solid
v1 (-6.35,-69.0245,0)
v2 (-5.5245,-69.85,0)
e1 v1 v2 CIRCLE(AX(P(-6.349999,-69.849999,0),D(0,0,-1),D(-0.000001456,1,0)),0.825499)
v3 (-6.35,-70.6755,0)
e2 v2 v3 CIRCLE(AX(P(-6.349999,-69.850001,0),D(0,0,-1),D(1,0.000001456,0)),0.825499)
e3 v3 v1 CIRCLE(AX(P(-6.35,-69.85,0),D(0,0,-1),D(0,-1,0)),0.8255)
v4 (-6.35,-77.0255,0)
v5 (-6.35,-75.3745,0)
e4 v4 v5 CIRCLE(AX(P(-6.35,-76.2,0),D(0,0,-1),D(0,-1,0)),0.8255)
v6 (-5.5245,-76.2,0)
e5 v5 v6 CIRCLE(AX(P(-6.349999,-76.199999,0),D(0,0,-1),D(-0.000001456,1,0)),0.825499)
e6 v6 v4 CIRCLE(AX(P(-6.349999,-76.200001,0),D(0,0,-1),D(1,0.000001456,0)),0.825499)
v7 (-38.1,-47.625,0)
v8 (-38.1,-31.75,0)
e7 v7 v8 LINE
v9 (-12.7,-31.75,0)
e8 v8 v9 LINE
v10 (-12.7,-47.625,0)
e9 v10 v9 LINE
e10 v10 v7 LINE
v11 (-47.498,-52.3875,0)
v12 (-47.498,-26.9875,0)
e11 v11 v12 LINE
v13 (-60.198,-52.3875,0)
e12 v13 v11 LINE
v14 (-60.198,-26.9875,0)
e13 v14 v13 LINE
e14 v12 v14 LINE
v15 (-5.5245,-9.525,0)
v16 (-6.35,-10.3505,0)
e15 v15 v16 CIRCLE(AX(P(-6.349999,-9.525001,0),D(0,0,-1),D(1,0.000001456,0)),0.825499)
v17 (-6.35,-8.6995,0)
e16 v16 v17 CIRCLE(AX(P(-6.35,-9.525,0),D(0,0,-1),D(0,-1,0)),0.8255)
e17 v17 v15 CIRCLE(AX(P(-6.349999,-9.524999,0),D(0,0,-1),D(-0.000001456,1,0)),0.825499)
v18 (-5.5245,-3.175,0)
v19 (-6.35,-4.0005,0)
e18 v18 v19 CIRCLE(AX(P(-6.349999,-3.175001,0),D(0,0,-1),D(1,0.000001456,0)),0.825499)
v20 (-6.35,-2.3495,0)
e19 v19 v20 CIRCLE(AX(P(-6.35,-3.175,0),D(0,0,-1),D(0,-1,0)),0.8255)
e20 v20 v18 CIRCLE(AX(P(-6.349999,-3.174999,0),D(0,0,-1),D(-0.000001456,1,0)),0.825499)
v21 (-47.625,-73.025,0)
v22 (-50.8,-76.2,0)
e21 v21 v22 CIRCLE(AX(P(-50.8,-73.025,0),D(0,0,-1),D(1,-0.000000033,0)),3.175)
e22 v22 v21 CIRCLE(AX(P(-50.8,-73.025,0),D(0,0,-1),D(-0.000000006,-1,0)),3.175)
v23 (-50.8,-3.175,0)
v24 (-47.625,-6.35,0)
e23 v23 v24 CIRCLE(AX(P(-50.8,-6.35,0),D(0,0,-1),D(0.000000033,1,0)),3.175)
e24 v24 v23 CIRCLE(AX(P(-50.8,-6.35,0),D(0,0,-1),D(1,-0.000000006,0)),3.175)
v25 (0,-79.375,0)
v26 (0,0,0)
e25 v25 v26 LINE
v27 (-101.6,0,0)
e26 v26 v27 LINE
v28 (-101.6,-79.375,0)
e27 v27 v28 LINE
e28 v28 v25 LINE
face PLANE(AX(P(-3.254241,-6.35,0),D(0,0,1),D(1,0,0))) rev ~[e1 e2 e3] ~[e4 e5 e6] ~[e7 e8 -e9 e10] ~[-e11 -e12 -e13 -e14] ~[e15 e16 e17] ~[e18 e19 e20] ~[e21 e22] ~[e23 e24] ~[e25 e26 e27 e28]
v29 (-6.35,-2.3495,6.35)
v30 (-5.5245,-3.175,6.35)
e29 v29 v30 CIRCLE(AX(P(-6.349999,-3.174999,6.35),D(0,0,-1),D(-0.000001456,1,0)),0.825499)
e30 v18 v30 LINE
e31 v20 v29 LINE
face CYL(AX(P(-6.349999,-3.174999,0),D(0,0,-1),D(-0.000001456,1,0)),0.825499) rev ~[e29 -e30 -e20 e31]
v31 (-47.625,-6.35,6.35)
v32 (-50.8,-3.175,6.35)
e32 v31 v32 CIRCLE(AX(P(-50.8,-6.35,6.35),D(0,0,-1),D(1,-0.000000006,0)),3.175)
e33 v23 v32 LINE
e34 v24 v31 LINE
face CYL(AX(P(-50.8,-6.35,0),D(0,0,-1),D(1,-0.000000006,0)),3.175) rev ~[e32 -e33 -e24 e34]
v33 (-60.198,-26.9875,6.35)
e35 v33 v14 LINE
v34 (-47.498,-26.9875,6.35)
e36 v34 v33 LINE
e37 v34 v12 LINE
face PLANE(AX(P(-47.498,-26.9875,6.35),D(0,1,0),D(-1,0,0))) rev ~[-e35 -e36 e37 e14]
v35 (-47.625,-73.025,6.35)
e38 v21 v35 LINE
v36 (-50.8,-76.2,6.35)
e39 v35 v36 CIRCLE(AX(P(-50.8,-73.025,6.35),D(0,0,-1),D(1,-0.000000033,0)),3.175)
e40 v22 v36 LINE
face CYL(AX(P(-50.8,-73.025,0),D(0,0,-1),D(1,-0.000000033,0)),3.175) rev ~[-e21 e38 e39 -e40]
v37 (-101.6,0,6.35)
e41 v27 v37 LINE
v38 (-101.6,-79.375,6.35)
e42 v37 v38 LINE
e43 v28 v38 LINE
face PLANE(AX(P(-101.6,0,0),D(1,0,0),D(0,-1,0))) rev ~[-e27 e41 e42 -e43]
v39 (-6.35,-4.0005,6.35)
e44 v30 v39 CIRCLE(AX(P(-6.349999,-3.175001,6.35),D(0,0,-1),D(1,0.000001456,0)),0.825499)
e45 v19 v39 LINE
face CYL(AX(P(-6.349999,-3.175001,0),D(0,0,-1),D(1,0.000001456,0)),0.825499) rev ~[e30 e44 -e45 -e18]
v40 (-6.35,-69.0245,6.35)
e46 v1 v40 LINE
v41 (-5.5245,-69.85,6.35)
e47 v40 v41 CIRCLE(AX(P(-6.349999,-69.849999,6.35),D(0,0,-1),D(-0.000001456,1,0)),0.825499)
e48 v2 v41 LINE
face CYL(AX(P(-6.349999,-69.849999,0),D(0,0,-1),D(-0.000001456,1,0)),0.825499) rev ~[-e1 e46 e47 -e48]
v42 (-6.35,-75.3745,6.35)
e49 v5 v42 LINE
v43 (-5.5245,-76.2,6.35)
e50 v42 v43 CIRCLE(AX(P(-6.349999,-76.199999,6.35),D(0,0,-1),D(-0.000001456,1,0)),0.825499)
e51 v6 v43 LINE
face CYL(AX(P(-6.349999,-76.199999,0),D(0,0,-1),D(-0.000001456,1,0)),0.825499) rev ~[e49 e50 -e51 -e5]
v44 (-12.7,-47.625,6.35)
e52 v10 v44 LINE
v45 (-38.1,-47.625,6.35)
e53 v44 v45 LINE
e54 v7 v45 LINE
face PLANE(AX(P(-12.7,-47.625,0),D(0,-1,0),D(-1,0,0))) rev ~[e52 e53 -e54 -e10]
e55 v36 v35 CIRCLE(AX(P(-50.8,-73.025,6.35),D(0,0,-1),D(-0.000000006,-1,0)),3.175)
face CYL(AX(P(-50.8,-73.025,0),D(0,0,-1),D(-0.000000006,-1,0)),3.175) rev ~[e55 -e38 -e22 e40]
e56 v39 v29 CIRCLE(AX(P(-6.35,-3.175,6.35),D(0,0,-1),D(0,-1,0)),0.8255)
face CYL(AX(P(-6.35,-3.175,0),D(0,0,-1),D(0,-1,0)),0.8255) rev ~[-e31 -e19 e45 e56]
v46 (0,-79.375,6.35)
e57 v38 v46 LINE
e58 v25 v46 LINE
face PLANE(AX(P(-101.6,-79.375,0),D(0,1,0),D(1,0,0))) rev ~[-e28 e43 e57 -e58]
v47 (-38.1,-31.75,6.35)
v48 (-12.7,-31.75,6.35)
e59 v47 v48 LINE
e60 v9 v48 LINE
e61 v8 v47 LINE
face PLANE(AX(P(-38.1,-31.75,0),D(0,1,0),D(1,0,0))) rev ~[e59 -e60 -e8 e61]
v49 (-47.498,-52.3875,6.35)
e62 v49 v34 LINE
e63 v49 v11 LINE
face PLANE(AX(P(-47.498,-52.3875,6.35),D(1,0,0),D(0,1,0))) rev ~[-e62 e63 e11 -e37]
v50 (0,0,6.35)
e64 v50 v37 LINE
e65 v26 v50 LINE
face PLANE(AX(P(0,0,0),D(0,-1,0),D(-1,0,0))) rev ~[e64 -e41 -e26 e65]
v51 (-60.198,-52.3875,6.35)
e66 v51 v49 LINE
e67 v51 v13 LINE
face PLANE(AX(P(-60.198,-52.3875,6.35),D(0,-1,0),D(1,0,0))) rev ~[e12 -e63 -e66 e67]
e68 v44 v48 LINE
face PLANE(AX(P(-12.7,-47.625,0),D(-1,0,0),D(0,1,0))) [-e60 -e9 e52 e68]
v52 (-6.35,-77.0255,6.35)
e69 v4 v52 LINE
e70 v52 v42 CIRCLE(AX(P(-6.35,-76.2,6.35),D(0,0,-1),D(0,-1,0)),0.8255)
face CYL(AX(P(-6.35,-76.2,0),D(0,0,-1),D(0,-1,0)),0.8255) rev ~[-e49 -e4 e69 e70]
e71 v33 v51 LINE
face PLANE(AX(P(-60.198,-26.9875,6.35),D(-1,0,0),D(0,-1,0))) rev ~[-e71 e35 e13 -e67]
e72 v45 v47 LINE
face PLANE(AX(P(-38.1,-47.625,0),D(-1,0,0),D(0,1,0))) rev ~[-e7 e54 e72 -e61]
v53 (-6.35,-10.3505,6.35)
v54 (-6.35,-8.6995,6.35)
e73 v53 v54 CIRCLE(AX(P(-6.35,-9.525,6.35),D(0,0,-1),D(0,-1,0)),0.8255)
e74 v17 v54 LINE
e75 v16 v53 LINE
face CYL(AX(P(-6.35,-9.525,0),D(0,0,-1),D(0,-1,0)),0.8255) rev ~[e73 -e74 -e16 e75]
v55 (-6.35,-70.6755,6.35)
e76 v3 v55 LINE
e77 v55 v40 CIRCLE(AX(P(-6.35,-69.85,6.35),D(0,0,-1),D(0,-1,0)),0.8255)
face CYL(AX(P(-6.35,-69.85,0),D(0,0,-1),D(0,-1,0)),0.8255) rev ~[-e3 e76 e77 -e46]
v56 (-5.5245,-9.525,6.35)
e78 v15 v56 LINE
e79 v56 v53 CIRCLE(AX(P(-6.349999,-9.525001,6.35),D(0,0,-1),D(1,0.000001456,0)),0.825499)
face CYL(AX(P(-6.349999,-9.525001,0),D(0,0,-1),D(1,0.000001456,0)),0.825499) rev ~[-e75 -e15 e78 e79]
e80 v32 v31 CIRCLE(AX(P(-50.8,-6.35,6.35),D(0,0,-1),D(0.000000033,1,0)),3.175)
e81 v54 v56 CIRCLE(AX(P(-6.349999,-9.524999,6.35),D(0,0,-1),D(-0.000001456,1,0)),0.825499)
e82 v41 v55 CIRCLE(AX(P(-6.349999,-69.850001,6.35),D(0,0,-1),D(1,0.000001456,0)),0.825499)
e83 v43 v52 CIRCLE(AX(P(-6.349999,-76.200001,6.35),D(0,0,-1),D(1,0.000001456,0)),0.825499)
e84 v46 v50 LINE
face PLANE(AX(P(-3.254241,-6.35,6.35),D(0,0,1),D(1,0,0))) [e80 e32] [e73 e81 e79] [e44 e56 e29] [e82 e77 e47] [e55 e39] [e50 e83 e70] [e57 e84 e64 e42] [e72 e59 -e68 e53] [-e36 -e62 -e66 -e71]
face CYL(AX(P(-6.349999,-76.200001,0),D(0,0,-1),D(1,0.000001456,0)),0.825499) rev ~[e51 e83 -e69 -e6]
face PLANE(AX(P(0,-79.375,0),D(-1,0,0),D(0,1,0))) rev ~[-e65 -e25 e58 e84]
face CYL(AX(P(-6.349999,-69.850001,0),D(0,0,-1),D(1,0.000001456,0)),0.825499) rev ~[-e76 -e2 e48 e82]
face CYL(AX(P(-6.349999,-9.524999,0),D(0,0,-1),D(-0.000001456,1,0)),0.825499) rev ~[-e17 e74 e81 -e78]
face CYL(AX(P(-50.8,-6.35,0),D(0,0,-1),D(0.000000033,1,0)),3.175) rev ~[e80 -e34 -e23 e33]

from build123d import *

# Parameters (mm, degrees)
F0_W     = 12.7
F0_H     = 15.875
F1_DEPTH = 6.35
F2_R     = 0.8255
F2_W     = 6.35
F2_H     = 12.7
F3_DEPTH = 25.4


with BuildPart() as f1:
    # F0 (on Top) → F1 (new body)
    with BuildSketch(Plane.XY):
        with BuildLine():
            Line((0, -12.7), (0, 0))
            Line((0, 0), (-6.35, 0))
            Line((-6.35, 0), (-6.35, -2.3495))
            ThreePointArc((-6.35, -2.3495), (-5.766283, -2.591283), (-5.5245, -3.175))
            ThreePointArc((-5.5245, -3.175), (-5.766283, -3.758717), (-6.35, -4.0005))
            Line((-6.35, -4.0005), (-6.35, -8.6995))
            ThreePointArc((-6.35, -8.6995), (-5.766283, -8.941283), (-5.5245, -9.525))
            ThreePointArc((-5.5245, -9.525), (-5.766283, -10.108717), (-6.35, -10.3505))
            Line((-6.35, -10.3505), (-6.35, -12.7))
            Line((-6.35, -12.7), (0, -12.7))
        make_face()
        with BuildLine():
            Line((-6.35, -2.3495), (-6.35, 0))
            Line((-6.35, 0), (-12.7, 0))
            Line((-12.7, 0), (-12.7, -12.7))
            Line((-12.7, -12.7), (-6.35, -12.7))
            Line((-6.35, -12.7), (-6.35, -10.3505))
            ThreePointArc((-6.35, -10.3505), (-7.1755, -9.525), (-6.35, -8.6995))
            Line((-6.35, -8.6995), (-6.35, -4.0005))
            ThreePointArc((-6.35, -4.0005), (-7.1755, -3.175), (-6.35, -2.3495))
        make_face()
        with BuildLine():
            ThreePointArc((-47.625, -6.35), (-48.554936, -4.104936), (-50.8, -3.175))
            ThreePointArc((-50.8, -3.175), (-53.045064, -8.595064), (-47.625, -6.35))
        make_face()
        with BuildLine():
            ThreePointArc((-47.625, -73.025), (-53.045064, -70.779936), (-50.8, -76.2))
            ThreePointArc((-50.8, -76.2), (-48.554936, -75.270064), (-47.625, -73.025))
        make_face()
        Polygon((0, -31.75), (0, -12.7), (-6.35, -12.7), (-12.7, -12.7), (-12.7, 0), (-50.8, 0), (-101.6, 0), (-101.6, -79.375), (-50.8, -79.375), (-12.7, -79.375), (-12.7, -66.675), (-6.35, -66.675), (0, -66.675), (0, -47.625), (-12.7, -47.625), (-38.1, -47.625), (-38.1, -31.75), (-12.7, -31.75), align=None)
        with BuildLine():
            ThreePointArc((-47.625, -73.025), (-48.554936, -75.270064), (-50.8, -76.2))
            ThreePointArc((-50.8, -76.2), (-53.045064, -70.779936), (-47.625, -73.025))
        make_face(mode=Mode.SUBTRACT)
        with BuildLine():
            ThreePointArc((-47.625, -6.35), (-53.045064, -8.595064), (-50.8, -3.175))
            ThreePointArc((-50.8, -3.175), (-48.554936, -4.104936), (-47.625, -6.35))
        make_face(mode=Mode.SUBTRACT)
        with Locations((-6.35, -39.6875)):
            Rectangle(F0_W, F0_H)
        with BuildLine():
            Line((0, -79.375), (0, -66.675))
            Line((0, -66.675), (-6.35, -66.675))
            Line((-6.35, -66.675), (-6.35, -69.0245))
            ThreePointArc((-6.35, -69.0245), (-5.766283, -69.266283), (-5.5245, -69.85))
            ThreePointArc((-5.5245, -69.85), (-5.766283, -70.433717), (-6.35, -70.6755))
            Line((-6.35, -70.6755), (-6.35, -75.3745))
            ThreePointArc((-6.35, -75.3745), (-5.766283, -75.616283), (-5.5245, -76.2))
            ThreePointArc((-5.5245, -76.2), (-5.766283, -76.783717), (-6.35, -77.0255))
            Line((-6.35, -77.0255), (-6.35, -79.375))
            Line((-6.35, -79.375), (0, -79.375))
        make_face()
        with BuildLine():
            Line((-6.35, -69.0245), (-6.35, -66.675))
            Line((-6.35, -66.675), (-12.7, -66.675))
            Line((-12.7, -66.675), (-12.7, -79.375))
            Line((-12.7, -79.375), (-6.35, -79.375))
            Line((-6.35, -79.375), (-6.35, -77.0255))
            ThreePointArc((-6.35, -77.0255), (-7.1755, -76.2), (-6.35, -75.3745))
            Line((-6.35, -75.3745), (-6.35, -70.6755))
            ThreePointArc((-6.35, -70.6755), (-7.1755, -69.85), (-6.35, -69.0245))
        make_face()
    extrude(amount=F1_DEPTH)

    # F2 (on face) → F3 (cut)
    with BuildSketch(Plane.XY.offset(6.35)):
        with Locations((-6.35, -3.175)):
            Circle(F2_R)
        with Locations((-6.35, -9.525)):
            Circle(F2_R)
        with Locations((-50.673, -33.3375)):
            Rectangle(F2_W, F2_H)
        Polygon((-53.848, -39.6875), (-53.848, -26.9875), (-60.198, -26.9875), (-60.198, -52.3875), (-47.498, -52.3875), (-47.498, -39.6875), align=None)
    extrude(amount=-F3_DEPTH, mode=Mode.SUBTRACT)


solid = f1.part
